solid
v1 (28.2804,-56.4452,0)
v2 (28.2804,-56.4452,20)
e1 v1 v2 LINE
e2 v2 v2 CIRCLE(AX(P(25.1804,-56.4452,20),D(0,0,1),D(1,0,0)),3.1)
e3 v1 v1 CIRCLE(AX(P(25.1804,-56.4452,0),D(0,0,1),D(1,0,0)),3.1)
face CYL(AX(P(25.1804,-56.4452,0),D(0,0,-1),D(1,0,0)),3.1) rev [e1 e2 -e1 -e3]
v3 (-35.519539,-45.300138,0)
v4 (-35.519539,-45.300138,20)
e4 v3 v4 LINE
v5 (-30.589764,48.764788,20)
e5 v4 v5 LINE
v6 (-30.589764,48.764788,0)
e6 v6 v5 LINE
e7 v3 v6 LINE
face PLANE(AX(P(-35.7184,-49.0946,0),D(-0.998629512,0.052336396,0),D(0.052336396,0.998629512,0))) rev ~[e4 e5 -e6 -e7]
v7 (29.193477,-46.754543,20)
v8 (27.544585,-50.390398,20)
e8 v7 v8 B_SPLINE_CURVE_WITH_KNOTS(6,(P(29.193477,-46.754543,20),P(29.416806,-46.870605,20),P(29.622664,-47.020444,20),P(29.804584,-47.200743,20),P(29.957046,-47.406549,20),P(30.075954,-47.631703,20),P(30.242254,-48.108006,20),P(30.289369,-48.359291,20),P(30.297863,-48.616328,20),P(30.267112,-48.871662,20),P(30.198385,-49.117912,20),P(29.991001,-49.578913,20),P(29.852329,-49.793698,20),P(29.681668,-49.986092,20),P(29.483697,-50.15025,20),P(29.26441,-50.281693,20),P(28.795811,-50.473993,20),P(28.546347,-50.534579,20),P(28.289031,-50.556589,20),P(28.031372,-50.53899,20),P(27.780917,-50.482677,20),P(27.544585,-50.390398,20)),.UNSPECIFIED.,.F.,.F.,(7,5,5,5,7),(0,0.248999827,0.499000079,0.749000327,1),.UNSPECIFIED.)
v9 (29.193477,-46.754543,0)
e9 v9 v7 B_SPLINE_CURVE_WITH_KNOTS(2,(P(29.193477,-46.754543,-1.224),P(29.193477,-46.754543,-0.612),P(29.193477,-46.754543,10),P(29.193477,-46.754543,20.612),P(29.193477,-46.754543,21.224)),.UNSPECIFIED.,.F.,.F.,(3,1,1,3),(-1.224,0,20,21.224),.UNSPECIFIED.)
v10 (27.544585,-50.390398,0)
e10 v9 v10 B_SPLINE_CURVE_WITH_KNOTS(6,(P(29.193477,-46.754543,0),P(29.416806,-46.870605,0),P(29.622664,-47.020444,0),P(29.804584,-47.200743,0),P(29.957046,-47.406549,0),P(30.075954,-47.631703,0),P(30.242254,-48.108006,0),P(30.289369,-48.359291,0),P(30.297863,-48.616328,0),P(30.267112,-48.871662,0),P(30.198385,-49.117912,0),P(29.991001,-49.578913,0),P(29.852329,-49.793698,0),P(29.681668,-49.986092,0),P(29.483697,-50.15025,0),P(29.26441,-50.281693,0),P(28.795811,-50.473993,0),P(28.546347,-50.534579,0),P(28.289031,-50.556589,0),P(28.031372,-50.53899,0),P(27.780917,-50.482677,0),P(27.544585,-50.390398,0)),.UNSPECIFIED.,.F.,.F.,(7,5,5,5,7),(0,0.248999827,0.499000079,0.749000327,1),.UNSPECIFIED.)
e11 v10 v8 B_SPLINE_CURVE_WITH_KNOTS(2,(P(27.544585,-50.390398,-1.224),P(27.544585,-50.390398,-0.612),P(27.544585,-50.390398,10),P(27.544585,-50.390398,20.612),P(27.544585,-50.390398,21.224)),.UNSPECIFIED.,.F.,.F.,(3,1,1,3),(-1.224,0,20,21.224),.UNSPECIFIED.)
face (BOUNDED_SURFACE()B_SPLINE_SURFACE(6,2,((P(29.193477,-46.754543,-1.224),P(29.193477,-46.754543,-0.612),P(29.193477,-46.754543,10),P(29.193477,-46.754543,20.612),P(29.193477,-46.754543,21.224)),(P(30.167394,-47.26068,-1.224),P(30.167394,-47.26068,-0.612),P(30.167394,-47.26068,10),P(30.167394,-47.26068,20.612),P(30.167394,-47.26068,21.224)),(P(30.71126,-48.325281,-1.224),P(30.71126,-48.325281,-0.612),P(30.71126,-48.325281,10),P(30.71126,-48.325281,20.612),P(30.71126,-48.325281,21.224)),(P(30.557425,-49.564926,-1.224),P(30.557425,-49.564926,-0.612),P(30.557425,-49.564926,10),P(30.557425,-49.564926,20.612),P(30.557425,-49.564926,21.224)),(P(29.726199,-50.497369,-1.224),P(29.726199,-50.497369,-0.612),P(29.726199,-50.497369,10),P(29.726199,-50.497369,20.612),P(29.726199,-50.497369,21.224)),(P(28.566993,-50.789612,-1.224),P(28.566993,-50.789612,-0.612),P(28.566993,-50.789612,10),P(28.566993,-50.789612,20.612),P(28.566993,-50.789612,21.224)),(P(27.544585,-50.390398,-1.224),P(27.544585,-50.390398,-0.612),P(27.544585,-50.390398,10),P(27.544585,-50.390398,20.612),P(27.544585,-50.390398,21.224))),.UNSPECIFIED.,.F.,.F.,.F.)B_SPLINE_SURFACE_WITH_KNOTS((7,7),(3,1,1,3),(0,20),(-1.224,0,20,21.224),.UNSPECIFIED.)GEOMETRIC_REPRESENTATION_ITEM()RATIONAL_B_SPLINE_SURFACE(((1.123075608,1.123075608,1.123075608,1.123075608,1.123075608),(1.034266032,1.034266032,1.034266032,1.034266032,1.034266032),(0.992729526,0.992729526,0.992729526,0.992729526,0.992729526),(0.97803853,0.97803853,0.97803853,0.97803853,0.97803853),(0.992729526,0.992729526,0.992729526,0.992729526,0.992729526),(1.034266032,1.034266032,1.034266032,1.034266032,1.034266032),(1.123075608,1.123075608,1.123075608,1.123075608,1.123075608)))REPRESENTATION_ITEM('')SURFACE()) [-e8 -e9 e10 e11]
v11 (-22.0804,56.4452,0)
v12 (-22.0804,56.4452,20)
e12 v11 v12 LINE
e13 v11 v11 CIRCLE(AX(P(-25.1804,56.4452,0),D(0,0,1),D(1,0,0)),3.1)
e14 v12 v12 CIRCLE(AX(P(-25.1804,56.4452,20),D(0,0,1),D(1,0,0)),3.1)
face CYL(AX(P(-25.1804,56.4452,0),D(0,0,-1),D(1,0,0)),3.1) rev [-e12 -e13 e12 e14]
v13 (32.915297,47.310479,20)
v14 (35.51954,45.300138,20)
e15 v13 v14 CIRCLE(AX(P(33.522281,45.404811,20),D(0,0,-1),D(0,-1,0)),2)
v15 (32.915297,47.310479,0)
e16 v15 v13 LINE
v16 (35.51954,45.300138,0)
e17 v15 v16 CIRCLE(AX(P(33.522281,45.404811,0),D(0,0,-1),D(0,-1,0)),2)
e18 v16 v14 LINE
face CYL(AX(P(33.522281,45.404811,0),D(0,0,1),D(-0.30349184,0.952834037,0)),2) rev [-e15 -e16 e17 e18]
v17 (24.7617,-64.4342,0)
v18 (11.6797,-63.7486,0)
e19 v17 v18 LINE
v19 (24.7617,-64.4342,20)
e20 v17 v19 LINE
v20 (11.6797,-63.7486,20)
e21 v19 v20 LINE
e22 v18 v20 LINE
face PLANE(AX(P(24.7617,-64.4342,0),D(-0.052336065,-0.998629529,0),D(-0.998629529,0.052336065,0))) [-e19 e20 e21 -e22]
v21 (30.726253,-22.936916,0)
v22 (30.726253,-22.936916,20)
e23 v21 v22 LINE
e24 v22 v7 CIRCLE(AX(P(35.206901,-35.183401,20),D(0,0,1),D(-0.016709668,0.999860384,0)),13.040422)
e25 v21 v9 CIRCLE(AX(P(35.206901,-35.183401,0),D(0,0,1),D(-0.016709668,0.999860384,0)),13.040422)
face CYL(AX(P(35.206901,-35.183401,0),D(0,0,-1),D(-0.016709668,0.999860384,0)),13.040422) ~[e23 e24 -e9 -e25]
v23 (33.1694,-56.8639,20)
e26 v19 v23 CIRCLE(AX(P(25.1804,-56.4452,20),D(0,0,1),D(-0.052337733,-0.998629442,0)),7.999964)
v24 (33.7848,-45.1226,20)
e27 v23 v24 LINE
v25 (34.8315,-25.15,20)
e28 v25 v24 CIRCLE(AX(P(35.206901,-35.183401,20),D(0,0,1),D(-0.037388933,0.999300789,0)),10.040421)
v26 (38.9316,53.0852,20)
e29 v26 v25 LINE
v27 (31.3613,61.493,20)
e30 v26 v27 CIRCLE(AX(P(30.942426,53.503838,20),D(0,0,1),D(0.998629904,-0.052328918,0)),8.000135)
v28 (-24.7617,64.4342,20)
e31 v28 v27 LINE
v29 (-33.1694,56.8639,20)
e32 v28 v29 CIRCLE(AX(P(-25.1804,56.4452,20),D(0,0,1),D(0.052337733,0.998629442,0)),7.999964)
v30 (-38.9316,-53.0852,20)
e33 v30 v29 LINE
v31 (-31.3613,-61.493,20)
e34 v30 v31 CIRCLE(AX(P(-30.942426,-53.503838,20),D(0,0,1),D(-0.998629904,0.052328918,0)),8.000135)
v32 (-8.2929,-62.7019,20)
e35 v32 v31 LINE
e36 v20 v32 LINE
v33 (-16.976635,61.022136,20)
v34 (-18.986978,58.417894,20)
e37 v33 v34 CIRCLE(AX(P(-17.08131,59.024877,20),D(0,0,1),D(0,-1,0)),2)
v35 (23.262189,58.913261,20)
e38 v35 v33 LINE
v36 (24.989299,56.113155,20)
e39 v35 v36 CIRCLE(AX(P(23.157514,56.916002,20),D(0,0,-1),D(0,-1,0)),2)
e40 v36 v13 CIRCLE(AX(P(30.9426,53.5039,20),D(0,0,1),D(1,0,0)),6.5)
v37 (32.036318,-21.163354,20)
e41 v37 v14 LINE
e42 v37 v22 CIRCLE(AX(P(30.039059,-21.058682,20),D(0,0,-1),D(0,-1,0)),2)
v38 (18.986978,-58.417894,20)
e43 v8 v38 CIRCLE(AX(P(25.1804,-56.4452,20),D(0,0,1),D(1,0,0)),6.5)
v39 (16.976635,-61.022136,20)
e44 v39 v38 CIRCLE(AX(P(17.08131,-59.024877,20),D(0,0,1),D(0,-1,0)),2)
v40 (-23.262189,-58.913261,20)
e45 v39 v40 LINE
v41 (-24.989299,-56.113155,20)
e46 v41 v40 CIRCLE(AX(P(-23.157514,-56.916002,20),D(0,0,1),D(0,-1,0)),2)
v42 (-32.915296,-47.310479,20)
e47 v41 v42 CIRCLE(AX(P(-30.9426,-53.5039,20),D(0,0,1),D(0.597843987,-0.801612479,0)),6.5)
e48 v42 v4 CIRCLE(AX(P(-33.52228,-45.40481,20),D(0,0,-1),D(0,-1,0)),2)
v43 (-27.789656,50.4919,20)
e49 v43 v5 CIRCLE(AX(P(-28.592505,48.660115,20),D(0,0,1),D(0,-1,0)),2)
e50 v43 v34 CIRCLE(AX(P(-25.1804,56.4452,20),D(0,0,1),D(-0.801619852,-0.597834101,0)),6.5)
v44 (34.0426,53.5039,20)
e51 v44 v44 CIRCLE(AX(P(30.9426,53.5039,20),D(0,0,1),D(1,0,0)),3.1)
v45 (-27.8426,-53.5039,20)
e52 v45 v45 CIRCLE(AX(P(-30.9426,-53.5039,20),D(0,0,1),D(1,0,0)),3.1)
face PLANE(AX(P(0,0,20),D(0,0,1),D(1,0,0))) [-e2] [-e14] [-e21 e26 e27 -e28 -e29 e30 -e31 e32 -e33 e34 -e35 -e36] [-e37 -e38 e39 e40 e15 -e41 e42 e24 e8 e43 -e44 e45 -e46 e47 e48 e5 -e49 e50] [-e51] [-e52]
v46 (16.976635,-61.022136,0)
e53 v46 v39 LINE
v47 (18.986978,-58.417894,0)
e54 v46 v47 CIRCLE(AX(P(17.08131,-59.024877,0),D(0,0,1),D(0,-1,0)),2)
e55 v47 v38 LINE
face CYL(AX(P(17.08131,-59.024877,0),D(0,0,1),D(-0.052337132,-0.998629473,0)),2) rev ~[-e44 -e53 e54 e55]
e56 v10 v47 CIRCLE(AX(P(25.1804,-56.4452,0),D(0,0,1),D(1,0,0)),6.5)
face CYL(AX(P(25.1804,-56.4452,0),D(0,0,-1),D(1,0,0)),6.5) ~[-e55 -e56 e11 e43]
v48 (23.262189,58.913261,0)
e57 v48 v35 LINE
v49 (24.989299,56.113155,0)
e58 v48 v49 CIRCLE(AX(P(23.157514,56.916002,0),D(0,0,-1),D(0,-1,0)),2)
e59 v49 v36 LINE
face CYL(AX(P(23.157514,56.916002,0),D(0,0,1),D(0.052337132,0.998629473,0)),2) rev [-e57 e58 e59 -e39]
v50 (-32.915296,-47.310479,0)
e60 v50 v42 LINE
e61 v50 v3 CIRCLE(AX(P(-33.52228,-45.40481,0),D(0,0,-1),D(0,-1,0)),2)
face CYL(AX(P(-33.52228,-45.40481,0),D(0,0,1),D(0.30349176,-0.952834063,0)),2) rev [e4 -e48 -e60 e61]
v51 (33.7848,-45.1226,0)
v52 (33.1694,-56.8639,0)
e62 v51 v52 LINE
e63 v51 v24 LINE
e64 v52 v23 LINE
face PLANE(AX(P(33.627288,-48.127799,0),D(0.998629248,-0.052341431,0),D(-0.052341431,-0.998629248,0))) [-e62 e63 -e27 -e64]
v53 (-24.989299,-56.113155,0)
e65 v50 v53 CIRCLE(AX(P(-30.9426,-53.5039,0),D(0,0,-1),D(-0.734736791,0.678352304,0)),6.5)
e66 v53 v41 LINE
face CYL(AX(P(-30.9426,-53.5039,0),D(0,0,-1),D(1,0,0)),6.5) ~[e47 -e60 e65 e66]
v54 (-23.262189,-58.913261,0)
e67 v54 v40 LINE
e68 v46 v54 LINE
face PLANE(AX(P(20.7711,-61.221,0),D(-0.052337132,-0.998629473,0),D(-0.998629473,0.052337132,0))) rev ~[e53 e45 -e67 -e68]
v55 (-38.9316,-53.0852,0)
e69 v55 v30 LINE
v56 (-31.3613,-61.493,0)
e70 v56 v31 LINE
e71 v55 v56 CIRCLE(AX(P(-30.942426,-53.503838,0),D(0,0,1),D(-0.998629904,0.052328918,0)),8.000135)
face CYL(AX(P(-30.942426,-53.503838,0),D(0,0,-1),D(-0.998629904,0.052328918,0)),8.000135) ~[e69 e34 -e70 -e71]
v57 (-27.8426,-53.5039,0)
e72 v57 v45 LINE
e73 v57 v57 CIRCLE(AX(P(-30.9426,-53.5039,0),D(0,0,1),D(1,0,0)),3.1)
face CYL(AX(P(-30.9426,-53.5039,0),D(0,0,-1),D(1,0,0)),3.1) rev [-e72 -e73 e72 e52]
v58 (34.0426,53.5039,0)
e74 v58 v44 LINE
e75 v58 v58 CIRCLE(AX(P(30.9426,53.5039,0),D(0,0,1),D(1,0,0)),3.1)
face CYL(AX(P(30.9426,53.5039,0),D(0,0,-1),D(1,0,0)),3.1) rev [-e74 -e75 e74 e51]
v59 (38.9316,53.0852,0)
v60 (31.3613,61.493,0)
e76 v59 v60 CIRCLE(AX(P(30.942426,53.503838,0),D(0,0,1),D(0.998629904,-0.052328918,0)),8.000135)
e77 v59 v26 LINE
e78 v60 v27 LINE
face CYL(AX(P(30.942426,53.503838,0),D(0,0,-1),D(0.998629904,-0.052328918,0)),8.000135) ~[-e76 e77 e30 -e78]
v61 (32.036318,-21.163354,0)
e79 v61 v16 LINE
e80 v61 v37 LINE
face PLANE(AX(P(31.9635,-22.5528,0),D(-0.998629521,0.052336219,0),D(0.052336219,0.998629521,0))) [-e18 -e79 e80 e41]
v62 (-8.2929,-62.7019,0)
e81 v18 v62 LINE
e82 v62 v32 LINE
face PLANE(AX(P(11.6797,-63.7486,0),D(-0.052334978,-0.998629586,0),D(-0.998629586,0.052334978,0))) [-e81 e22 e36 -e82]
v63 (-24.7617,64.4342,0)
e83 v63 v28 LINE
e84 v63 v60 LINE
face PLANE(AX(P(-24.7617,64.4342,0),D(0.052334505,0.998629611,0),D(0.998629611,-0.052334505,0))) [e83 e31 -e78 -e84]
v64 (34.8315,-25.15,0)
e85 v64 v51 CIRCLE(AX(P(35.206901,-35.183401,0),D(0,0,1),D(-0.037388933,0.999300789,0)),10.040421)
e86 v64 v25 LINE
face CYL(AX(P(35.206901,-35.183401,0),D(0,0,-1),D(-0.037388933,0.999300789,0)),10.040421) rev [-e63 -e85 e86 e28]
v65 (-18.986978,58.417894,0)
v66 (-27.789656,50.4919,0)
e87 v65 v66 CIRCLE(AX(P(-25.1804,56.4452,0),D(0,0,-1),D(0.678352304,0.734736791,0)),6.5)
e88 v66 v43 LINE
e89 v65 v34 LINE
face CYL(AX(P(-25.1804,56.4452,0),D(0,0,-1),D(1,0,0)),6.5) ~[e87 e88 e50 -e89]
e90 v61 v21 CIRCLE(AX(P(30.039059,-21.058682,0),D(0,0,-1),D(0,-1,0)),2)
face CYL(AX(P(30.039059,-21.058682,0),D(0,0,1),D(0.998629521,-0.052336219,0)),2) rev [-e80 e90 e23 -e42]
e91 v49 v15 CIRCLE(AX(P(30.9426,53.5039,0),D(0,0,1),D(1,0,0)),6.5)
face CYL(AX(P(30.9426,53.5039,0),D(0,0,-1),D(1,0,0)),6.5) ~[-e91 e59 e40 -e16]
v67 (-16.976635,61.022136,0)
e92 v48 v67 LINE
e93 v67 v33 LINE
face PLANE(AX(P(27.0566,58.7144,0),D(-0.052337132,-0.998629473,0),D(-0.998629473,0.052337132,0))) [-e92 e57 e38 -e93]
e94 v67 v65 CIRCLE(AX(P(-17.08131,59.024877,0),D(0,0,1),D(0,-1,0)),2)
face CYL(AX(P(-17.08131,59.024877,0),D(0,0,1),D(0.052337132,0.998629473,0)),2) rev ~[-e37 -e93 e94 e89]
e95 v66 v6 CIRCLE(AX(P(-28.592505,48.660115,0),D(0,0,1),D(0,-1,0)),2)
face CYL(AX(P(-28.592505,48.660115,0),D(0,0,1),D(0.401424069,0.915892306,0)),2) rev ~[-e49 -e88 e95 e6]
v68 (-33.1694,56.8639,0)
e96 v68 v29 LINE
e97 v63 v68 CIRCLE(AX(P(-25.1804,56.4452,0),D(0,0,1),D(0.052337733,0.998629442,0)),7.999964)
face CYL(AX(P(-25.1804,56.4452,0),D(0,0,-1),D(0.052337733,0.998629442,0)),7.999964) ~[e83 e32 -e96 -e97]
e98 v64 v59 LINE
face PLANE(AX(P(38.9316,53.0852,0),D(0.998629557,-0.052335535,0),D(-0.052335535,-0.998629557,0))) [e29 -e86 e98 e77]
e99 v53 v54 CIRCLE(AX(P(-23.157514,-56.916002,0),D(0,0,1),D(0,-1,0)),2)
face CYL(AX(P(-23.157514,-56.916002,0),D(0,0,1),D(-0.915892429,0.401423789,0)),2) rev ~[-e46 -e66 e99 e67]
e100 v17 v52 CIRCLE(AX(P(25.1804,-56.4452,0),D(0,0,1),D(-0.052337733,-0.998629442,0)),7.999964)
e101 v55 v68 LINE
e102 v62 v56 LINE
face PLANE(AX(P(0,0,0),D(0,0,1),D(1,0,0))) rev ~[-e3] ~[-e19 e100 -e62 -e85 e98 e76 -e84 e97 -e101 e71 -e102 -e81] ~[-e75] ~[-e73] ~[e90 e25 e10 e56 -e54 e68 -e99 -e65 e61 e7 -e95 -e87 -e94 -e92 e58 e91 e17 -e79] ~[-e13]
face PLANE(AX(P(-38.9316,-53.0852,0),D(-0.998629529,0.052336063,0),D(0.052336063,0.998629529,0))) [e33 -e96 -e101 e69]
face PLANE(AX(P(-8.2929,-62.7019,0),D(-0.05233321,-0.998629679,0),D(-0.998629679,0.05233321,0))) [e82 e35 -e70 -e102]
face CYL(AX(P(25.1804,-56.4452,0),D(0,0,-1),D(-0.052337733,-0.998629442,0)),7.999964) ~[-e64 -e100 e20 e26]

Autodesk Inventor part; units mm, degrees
ref_plane "YZ Plane" through (0, 0, 0) normal (1, 0, 0) x (0, 1, 0)
ref_plane "XZ Plane" through (0, 0, 0) normal (0, 1, 0) x (-1, 0, 0)
ref_plane "РабПлоскость1" through (0, 0, 0) normal (0, 0, 1) x (1, 0, 0)
sketch "Эскиз1" plane through (0, 0, 0) normal (0, 0, 1) x (1, 0, 0)
  circle A0 centre (-30.9426, -53.5039) radius 3 construction
  circle A1 centre (25.1804, -56.4452) radius 3 construction
  circle A2 centre (-25.1804, 56.4452) radius 3 construction
  circle A3 centre (30.9426, 53.5039) radius 3 construction
  circle A4 centre (-30.9426, -53.5039) radius 3.1
  circle A5 centre (25.1804, -56.4452) radius 3.1
  circle A6 centre (30.9426, 53.5039) radius 3.1
  circle A7 centre (-25.1804, 56.4452) radius 3.1
  line L0 (38.9316, 53.0852) -> (34.8315, -25.15)
  arc A8 (38.9316, 53.0852) -> (31.3613, 61.493) centre (30.9426, 53.5039) ccw
  line L1 (-24.7617, 64.4342) -> (31.3613, 61.493)
  arc A9 (-24.7617, 64.4342) -> (-33.1694, 56.8639) centre (-25.1804, 56.4452) ccw
  line L2 (-38.9316, -53.0852) -> (-33.1694, 56.8639)
  arc A10 (-38.9316, -53.0852) -> (-31.3613, -61.493) centre (-30.9426, -53.5039) ccw
  line L3 (-8.2929, -62.7019) -> (-31.3613, -61.493)
  line L4 (24.7617, -64.4342) -> (11.6797, -63.7486)
  arc A11 (24.7617, -64.4342) -> (33.1694, -56.8639) centre (25.1804, -56.4452) ccw
  line L5 (33.7848, -45.1226) -> (33.1694, -56.8639)
  line L6 (11.6797, -63.7486) -> (-8.2929, -62.7019)
  arc A12 (34.8315, -25.15) -> (33.7848, -45.1226) centre (35.2069, -35.1834) ccw
  circle A13 centre (35.2069, -35.1834) radius 4 construction
  arc A14 (34.989, -22.1448) -> (33.6273, -48.1278) centre (35.2069, -35.1834) ccw
  line L7 (31.9635, -22.5528) -> (35.7184, 49.0946)
  circle A15 centre (30.9426, 53.5039) radius 6.5
  circle A16 centre (-25.1804, 56.4452) radius 6.5
  circle A17 centre (25.1804, -56.4452) radius 6.5
  circle A18 centre (-30.9426, -53.5039) radius 6.5
  line L8 (27.0566, 58.7144) -> (-20.7711, 61.221)
  line L9 (30.3909, -52.5593) -> (30.661, -47.4059)
  line L10 (20.7711, -61.221) -> (-27.0566, -58.7144)
  line L11 (-35.7184, -49.0946) -> (-30.3909, 52.5593)
  point P0 (0, 0)
  dimension "d2" = 6.2
  dimension "d6" = 6
  dimension "d9" = 6.2
  dimension "d10" = 6.2
  dimension "d11" = 6.2
  dimension "d12" = 10.0404
  dimension "d13" = 13.0404
  dimension "d14" = 3
  dimension "d15" = 13
  dimension "d16" = 3
  dimension "d17" = 3
  dimension "d18" = 3
  dimension "d19" = 3
ref_plane "РабПлоскость2" through (-53.0981, -74.1022, 20) normal (0, 0, -1) x (0.2079, 0.9781, 0)
extrude "Выдавливание1" add sketch "Эскиз1" along normal up to surface (20 mm away) contours L0 A14 L7 A15 L8 A16 L11 A18 L10 A17 L9 L5 A11 L4 L6 L3 A10 L2 A9 L1 A8 | L0 A12 L5 A14 | A15 | A17 | A16 | A18
fillet "Сопряжение1" radius 2 10 edges at (20.7711, -61.221, 10) (30.3909, -52.5593, 10) (-35.7184, -49.0946, 10) (-27.0566, -58.7144, 10) (27.0566, 58.7144, 10) (35.7184, 49.0946, 10) (-20.7711, 61.221, 10) (-30.3909, 52.5593, 10) (31.9635, -22.5528, 10) (30.661, -47.4059, 10)
equation "\"d9\" = d2"
equation "\"d10\" = d2"
equation "\"d11\" = d2"
properties part number "Стойка" material "Сталь нержавеющая, 440C"
